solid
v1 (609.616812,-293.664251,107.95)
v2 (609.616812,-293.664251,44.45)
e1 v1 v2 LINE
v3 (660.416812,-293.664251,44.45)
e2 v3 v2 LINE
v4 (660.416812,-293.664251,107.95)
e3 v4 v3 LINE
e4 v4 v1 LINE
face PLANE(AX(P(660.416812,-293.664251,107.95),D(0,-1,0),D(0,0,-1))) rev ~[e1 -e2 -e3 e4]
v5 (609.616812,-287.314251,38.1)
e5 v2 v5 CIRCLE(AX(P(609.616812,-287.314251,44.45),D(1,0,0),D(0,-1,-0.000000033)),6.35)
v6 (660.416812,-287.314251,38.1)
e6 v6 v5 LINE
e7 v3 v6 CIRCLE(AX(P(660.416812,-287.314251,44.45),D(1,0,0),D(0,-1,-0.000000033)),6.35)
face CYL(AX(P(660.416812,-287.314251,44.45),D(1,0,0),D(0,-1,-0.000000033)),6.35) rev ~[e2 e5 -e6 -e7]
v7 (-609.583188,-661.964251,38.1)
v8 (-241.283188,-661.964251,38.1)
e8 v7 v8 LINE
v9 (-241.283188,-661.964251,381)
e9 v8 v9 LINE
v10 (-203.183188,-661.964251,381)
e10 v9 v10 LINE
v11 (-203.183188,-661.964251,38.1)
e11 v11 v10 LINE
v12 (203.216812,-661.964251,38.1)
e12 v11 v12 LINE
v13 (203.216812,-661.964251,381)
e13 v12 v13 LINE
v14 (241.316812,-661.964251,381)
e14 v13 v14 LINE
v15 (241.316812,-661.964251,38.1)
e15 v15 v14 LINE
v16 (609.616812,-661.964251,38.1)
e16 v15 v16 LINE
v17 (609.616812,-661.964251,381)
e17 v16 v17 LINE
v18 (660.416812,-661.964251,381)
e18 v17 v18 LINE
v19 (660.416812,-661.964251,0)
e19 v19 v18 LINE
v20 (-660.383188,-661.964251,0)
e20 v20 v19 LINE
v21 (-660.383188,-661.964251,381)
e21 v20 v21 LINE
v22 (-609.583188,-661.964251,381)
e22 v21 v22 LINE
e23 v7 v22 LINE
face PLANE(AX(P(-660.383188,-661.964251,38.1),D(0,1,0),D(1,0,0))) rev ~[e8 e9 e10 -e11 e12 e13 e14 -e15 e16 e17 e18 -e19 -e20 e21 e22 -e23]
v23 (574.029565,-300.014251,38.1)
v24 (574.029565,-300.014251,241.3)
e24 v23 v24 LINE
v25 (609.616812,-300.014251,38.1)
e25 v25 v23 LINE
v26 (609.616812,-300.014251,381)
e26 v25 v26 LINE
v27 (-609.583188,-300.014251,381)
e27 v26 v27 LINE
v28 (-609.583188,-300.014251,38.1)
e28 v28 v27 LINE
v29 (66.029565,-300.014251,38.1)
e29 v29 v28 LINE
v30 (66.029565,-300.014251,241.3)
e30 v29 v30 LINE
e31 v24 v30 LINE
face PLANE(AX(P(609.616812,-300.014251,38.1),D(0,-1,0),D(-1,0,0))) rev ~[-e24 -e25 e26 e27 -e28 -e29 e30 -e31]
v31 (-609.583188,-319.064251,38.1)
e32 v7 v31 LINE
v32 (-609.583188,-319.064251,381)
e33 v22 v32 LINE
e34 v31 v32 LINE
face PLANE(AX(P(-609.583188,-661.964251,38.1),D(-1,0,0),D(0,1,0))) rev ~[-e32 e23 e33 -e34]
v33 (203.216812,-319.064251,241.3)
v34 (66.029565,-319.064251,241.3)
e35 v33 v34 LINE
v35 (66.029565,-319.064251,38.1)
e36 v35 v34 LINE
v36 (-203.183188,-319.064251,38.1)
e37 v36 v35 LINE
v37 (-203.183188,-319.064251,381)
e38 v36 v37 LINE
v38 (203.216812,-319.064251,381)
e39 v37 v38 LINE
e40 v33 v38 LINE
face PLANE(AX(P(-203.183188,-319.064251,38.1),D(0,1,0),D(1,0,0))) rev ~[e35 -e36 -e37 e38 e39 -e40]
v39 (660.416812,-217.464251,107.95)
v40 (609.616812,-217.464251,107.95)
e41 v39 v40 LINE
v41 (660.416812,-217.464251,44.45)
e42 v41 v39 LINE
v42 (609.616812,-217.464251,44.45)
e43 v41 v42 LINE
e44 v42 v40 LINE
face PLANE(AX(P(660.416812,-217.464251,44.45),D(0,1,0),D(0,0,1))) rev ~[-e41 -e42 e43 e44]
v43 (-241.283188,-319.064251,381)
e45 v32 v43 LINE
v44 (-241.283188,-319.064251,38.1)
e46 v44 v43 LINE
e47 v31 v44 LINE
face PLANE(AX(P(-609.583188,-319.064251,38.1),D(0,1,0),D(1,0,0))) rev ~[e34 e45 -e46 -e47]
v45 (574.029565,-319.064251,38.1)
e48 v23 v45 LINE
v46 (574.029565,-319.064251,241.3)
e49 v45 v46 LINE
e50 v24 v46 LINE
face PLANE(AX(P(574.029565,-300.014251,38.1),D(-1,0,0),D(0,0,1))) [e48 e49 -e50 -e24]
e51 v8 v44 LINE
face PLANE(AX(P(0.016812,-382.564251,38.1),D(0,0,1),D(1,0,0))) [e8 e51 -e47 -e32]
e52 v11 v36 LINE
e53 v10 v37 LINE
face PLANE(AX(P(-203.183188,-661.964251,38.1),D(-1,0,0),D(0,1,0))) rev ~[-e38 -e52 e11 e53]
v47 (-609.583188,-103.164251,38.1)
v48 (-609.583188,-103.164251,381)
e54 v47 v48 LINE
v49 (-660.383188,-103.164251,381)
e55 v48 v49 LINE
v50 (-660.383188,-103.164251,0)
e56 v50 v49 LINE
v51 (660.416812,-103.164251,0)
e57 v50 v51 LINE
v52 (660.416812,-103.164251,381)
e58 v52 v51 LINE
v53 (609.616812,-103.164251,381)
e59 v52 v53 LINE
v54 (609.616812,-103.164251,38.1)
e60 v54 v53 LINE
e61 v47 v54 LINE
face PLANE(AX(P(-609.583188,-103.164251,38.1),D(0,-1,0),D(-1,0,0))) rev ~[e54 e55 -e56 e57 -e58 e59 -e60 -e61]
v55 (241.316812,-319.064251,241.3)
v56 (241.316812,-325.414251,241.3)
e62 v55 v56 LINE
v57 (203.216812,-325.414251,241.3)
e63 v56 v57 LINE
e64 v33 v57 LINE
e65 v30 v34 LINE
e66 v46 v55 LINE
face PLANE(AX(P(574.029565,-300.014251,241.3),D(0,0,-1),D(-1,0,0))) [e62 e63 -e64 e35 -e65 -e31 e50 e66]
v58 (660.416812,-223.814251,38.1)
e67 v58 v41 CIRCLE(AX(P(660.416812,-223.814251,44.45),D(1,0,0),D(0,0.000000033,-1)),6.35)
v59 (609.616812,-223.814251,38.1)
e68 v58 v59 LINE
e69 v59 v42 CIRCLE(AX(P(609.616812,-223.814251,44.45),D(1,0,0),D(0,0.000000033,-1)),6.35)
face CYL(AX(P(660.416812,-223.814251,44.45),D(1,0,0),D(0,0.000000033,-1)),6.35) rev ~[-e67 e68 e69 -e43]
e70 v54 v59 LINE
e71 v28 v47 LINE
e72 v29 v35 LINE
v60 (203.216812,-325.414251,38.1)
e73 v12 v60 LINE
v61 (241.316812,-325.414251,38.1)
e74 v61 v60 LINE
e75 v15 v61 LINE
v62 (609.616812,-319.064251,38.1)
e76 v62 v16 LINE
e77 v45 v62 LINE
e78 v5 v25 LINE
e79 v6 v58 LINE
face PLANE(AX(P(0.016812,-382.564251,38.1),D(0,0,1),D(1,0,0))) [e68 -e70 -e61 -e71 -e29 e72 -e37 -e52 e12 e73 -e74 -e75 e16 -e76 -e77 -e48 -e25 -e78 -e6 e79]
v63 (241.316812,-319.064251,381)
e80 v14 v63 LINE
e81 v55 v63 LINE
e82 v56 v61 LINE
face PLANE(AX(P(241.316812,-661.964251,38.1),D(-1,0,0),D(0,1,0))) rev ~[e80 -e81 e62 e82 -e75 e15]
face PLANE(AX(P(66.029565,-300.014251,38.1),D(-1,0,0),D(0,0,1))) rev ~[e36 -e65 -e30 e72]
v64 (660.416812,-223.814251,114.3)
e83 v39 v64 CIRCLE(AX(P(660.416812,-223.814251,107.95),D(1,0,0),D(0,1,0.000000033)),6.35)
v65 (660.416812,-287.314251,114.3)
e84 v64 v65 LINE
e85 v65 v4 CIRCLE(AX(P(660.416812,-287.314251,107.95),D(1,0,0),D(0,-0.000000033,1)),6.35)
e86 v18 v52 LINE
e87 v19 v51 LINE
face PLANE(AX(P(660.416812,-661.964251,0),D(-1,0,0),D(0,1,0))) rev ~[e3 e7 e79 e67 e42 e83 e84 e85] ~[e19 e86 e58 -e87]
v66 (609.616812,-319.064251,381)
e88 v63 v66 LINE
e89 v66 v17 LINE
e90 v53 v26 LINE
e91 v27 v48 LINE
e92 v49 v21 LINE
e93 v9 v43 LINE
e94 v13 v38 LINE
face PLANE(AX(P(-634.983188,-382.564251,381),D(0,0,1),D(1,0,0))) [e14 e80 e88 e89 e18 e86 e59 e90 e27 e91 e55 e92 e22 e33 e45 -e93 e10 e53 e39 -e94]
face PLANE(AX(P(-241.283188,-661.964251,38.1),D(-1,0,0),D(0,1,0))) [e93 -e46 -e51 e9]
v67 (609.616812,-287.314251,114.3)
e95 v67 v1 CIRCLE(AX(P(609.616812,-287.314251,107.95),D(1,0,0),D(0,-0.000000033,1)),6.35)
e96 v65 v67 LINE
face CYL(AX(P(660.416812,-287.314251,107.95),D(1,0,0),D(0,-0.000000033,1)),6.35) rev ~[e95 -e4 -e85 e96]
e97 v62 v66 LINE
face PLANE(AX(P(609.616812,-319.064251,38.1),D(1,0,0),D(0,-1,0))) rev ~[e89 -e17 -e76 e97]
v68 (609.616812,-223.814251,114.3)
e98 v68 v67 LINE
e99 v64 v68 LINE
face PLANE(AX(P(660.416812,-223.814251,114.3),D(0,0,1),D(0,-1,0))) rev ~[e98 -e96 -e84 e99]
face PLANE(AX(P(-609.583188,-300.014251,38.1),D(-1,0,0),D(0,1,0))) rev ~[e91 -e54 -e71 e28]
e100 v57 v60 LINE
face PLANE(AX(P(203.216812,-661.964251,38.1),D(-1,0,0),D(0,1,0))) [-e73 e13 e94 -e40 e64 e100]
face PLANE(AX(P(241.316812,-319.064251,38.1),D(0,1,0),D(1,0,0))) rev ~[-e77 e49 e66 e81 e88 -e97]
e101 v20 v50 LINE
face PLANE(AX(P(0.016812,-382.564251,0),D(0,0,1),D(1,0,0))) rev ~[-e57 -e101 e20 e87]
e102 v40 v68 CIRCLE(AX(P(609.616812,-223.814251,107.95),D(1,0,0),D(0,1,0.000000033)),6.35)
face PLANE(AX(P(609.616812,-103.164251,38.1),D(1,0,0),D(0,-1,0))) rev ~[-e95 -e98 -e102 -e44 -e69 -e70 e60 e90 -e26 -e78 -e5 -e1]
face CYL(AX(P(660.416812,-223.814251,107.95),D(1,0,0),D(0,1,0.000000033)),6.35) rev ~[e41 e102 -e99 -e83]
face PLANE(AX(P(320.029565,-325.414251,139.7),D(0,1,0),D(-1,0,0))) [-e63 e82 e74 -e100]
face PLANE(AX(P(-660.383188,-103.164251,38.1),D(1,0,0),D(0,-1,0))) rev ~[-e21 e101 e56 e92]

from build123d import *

# Parameters (mm, degrees)
F0_W     = 1320.8
F0_H     = 558.8
F1_DEPTH = 38.1
F2_W     = 38.1
F2_H     = 342.9
F3_DEPTH = 342.9
F5_DEPTH = 148.844
F6_W     = 508
F6_H     = 203.2
F7_DEPTH = 25.4


with BuildPart() as f1:
    # F0 (on Top) → F1 (new body)
    with BuildSketch(Plane.XY):
        with Locations((0.016812, -382.564251)):
            Rectangle(F0_W, F0_H)
    extrude(amount=F1_DEPTH)

    # F2 (on face) → F3 (join)
    with BuildSketch(Plane.XY.offset(38.1)):
        Polygon((-609.583188, -103.164251), (-660.383188, -103.164251), (-660.383188, -661.964251), (-609.583188, -661.964251), (-609.583188, -319.064251), (-609.583188, -300.014251), align=None)
        Polygon((609.616812, -300.014251), (-609.583188, -300.014251), (-609.583188, -319.064251), (-241.283188, -319.064251), (-203.183188, -319.064251), (203.216812, -319.064251), (241.316812, -319.064251), (609.616812, -319.064251), align=None)
        Polygon((609.616812, -103.164251), (609.616812, -300.014251), (609.616812, -319.064251), (609.616812, -661.964251), (660.416812, -661.964251), (660.416812, -103.164251), align=None)
        with Locations((-222.233188, -490.514251)):
            Rectangle(F2_W, F2_H)
        with Locations((222.266812, -490.514251)):
            Rectangle(F2_W, F2_H)
    extrude(amount=F3_DEPTH)

    # F4 (on face) → F5 (cut)
    with BuildSketch(Plane.YZ.offset(660.416812)):
        with BuildLine():
            Line((-223.814251, 114.3), (-287.314251, 114.3))
            ThreePointArc((-287.314251, 114.3), (-291.804379, 112.440128), (-293.664251, 107.95))
            Line((-293.664251, 107.95), (-293.664251, 44.45))
            ThreePointArc((-293.664251, 44.45), (-291.804379, 39.959872), (-287.314251, 38.1))
            Line((-287.314251, 38.1), (-223.814251, 38.1))
            ThreePointArc((-223.814251, 38.1), (-219.324123, 39.959872), (-217.464251, 44.45))
            Line((-217.464251, 44.45), (-217.464251, 107.95))
            ThreePointArc((-217.464251, 107.95), (-219.324123, 112.440128), (-223.814251, 114.3))
        make_face()
    extrude(amount=-F5_DEPTH, mode=Mode.SUBTRACT)

    # F6 (on face) → F7 (cut)
    with BuildSketch(Plane(origin=(0, -300.014251, 0), x_dir=(-1, 0, 0), z_dir=(0, 1, 0))):
        with Locations((-320.029565, 139.7)):
            Rectangle(F6_W, F6_H)
    extrude(amount=-F7_DEPTH, mode=Mode.SUBTRACT)


solid = f1.part
